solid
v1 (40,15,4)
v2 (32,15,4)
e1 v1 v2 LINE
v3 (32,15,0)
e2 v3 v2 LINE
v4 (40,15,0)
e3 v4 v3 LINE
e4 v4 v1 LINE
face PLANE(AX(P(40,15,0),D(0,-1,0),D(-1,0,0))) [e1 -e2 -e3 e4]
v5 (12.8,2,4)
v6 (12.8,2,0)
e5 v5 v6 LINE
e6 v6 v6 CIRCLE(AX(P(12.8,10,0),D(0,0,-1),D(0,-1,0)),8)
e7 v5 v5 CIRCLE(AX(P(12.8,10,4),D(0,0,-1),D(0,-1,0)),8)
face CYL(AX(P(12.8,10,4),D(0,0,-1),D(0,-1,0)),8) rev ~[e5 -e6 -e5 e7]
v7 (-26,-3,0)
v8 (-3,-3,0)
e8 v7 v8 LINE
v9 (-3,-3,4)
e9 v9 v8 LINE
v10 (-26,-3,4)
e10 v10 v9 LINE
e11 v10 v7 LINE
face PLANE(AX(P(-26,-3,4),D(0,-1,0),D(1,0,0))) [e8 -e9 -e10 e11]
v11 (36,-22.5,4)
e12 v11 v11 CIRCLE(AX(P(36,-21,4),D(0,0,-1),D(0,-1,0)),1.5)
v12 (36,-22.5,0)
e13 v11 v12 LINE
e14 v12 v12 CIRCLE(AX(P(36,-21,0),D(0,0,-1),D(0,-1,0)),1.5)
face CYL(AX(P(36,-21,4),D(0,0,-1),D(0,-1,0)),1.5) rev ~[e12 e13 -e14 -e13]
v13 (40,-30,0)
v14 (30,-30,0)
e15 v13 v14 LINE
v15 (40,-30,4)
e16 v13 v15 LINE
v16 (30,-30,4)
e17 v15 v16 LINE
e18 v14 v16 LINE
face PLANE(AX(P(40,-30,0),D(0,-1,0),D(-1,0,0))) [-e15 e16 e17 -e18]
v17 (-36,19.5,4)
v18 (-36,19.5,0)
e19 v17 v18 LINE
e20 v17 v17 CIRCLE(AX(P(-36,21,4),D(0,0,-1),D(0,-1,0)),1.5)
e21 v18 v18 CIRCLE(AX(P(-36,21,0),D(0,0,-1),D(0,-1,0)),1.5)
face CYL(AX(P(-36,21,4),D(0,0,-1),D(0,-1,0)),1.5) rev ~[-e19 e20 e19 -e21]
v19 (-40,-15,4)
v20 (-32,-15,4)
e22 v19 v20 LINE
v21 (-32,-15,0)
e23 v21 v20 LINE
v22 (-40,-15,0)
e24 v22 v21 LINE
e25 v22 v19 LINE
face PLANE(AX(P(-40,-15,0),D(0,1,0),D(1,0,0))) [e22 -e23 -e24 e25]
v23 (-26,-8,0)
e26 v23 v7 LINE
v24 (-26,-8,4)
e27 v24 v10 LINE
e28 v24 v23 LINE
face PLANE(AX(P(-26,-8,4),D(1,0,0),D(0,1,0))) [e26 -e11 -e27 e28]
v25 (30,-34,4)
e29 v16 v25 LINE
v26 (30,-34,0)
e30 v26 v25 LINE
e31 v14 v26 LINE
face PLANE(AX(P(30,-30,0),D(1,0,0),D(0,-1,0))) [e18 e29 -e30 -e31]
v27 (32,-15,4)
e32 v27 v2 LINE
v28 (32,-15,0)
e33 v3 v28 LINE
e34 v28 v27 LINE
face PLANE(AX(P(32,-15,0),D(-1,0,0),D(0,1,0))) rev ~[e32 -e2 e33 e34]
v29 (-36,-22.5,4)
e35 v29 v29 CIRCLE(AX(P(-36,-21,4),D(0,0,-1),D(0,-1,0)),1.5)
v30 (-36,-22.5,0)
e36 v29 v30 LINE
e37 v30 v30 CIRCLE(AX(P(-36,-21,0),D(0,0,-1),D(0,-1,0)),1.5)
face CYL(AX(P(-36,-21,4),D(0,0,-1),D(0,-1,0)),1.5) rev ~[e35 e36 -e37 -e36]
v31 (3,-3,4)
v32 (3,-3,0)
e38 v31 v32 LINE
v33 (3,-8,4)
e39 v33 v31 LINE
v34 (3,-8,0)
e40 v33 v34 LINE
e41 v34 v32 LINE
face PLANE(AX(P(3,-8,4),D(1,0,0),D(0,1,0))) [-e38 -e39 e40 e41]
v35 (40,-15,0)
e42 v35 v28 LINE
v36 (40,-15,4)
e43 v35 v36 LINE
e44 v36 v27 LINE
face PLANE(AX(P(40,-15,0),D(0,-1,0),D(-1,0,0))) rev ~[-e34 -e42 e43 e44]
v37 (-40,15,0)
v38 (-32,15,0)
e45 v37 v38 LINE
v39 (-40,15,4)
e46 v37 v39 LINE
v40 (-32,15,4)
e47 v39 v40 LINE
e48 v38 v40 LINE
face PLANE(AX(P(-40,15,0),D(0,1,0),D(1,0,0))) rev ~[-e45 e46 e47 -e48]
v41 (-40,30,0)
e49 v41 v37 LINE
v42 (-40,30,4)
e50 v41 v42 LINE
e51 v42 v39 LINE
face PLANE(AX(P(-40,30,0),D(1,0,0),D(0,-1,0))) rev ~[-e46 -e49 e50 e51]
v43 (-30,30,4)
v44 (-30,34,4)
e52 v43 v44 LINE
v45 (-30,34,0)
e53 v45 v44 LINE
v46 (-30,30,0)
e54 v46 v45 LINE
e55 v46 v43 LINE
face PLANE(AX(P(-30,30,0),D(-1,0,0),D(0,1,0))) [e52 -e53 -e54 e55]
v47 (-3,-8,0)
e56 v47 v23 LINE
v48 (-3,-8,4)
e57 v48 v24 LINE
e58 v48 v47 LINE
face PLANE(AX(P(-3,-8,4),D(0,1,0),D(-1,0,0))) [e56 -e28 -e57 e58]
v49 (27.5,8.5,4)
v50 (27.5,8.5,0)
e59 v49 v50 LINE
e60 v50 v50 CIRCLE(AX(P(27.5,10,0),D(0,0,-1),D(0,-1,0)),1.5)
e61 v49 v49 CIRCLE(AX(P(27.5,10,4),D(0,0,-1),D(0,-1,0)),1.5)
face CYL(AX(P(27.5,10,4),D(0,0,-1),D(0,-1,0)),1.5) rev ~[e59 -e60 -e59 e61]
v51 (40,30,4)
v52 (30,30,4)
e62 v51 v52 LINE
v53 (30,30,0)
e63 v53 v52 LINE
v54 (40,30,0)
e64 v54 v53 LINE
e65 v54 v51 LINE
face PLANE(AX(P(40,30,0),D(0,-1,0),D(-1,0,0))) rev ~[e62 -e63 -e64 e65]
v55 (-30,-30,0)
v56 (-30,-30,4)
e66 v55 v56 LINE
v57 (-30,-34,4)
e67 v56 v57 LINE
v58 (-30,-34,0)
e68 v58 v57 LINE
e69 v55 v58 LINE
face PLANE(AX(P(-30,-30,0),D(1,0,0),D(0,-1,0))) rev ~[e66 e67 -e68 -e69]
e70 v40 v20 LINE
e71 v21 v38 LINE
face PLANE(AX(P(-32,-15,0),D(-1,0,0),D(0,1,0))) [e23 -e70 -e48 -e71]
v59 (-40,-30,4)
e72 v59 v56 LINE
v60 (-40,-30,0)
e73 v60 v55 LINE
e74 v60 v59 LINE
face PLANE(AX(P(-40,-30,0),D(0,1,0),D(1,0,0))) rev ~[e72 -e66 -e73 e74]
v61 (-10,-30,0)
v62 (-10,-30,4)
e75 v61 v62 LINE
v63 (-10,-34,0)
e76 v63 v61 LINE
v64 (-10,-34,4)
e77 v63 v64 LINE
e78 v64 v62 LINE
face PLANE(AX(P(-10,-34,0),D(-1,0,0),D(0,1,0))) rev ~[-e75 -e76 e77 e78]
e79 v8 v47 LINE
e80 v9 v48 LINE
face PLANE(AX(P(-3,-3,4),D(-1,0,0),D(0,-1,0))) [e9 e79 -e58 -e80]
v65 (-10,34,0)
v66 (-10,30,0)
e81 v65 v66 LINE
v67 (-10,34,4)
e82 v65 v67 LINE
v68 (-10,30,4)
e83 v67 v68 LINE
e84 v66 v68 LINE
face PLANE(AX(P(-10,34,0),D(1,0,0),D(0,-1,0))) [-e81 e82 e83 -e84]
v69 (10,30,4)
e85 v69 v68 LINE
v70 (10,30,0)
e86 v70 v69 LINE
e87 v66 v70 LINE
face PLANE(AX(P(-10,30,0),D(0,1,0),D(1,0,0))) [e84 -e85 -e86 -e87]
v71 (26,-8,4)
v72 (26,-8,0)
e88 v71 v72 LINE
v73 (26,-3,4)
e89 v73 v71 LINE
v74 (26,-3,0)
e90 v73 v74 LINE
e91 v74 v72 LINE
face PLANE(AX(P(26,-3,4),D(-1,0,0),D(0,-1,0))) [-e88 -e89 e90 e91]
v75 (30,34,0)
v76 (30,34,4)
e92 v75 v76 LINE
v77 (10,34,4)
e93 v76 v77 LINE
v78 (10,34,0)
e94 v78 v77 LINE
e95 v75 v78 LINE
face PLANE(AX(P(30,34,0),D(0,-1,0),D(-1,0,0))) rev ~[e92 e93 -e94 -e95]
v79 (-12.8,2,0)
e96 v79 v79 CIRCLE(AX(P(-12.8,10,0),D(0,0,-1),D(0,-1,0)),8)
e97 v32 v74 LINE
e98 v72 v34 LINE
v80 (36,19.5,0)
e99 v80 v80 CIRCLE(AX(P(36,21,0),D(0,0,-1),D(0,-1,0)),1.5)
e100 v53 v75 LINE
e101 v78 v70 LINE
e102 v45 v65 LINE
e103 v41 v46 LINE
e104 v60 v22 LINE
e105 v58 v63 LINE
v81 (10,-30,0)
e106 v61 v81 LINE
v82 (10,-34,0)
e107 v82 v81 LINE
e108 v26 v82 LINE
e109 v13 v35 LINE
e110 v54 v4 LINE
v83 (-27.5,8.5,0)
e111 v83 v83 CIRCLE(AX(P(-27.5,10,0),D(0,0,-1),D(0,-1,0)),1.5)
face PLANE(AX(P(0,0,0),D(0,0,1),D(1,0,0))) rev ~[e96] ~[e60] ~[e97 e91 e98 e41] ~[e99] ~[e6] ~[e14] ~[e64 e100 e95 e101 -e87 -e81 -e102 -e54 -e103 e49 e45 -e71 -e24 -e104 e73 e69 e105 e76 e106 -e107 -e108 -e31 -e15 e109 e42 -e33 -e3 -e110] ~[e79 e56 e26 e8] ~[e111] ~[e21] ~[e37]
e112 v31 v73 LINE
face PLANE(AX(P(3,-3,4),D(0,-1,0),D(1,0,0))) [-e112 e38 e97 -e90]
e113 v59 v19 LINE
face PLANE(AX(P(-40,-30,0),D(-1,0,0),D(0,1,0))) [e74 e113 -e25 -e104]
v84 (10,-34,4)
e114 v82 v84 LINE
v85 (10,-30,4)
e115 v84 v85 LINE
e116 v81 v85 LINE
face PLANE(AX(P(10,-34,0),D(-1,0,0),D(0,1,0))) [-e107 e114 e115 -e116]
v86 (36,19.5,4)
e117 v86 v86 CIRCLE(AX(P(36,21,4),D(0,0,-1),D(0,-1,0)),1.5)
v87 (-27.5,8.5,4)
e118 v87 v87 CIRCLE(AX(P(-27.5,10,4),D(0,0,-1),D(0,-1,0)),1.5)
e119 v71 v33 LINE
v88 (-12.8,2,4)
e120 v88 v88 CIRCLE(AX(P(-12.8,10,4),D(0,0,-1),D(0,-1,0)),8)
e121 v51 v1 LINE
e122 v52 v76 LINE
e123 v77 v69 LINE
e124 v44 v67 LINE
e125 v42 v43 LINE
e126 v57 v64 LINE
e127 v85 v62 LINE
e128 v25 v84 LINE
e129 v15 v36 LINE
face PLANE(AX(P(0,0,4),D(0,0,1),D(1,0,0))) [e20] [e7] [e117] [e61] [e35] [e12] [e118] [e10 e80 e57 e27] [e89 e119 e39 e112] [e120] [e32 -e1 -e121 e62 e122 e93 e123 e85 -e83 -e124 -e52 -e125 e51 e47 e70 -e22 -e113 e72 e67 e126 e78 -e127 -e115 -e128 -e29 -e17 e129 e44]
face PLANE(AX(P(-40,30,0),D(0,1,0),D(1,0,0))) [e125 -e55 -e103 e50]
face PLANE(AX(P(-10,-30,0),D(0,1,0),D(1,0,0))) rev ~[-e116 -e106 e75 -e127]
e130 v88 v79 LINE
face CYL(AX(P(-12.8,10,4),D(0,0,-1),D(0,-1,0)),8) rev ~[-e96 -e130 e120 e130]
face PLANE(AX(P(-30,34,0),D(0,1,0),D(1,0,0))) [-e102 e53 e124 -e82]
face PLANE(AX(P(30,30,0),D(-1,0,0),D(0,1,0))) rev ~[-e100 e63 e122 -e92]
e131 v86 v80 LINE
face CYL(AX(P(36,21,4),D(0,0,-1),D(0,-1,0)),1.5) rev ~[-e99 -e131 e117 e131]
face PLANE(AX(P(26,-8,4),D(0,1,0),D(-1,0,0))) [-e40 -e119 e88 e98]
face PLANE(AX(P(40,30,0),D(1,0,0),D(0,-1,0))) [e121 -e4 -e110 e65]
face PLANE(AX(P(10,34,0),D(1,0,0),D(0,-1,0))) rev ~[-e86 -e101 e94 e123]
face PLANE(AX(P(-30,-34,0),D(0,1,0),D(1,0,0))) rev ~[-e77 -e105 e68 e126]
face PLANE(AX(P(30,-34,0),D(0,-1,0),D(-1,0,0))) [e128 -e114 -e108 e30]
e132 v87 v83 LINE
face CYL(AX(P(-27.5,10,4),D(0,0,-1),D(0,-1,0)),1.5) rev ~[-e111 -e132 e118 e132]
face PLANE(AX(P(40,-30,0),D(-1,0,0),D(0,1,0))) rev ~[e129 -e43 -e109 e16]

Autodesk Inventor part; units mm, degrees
ref_plane "YZ Plane" through (0, 0, 0) normal (1, 0, 0) x (0, 1, 0)
ref_plane "XZ Plane" through (0, 0, 0) normal (0, 1, 0) x (-1, 0, 0)
ref_plane "XY Plane" through (0, 0, 0) normal (0, 0, 1) x (1, 0, 0)
sketch "Эскиз1" plane through (0, 0, 0) normal (0, 0, 1) x (1, 0, 0)
  line L0 (0, 0) -> (-40, 0)
  line L1 (-40, -30) -> (-30, -30)
  line L2 (-30, -30) -> (-30, -34)
  line L3 (-30, -34) -> (-10, -34)
  line L4 (-10, -34) -> (-10, -30)
  line L5 (-10, -30) -> (0, -30)
  line L6 (-40, -30) -> (-40, -15)
  line L7 (-40, -15) -> (-32, -15)
  line L8 (-32, -15) -> (-32, 0)
  line L9 (-40, 30) -> (-30, 30)
  line L10 (-30, 30) -> (-30, 34)
  line L11 (-30, 34) -> (-10, 34)
  line L12 (-10, 34) -> (-10, 30)
  line L13 (-10, 30) -> (0, 30)
  line L14 (-40, 30) -> (-40, 15)
  line L15 (-40, 15) -> (-32, 15)
  line L16 (-32, 15) -> (-32, 0)
  line L17 (0, 30) -> (0, -30)
  line L18 (0, 0) -> (40, 0)
  line L19 (40, -30) -> (30, -30)
  line L20 (30, -30) -> (30, -34)
  line L21 (30, -34) -> (10, -34)
  line L22 (10, -34) -> (10, -30)
  line L23 (10, -30) -> (0, -30)
  line L24 (40, -30) -> (40, -15)
  line L25 (40, -15) -> (32, -15)
  line L26 (32, -15) -> (32, 0)
  line L27 (40, 30) -> (30, 30)
  line L28 (30, 30) -> (30, 34)
  line L29 (30, 34) -> (10, 34)
  line L30 (10, 34) -> (10, 30)
  line L31 (10, 30) -> (0, 30)
  line L32 (40, 30) -> (40, 15)
  line L33 (40, 15) -> (32, 15)
  line L34 (32, 15) -> (32, 0)
  dimension "d0" = 4
  dimension "d1" = 60
  dimension "d3" = 20
  dimension "d6" = 15
  dimension "d8" = 15
  dimension "d9" = 10
  dimension "d11" = 20
  dimension "d14" = 8
extrude "Выдавливание1" add sketch "Эскиз1" along normal blind 4
sketch "Эскиз2" plane through (0, 0, 4) normal (0, 0, 1) x (1, 0, 0)
  line L0 (10, 30) -> (-10, 30) projected
  line L1 (0, 30) -> (0, -30)
  line L2 (-10, -30) -> (10, -30) projected
  line L3 (-32, 15) -> (-32, -15) projected
  line L4 (-32, 0) -> (32, 0)
  line L5 (32, -15) -> (32, 15) projected
  line L6 (-40, 15) -> (-32, 15) projected
  line L7 (-30, 30) -> (-40, 30) projected
  line L8 (-40, 30) -> (-40, 15) projected
  point P0 (0, 0)
  point P1 (-36, -21)
  point P2 (36, -21)
  point P3 (-36, 21)
  point P4 (36, 21)
  point P5 (-36, 15)
  point P6 (-40, 22.5)
  dimension "d23" = 9
hole "Отверстие1" at (-36, -21, 4) at (36, -21, 4) at (-36, 21, 4) at (36, 21, 4) direction (0, 0, -1) diameter 3 end through all
sketch "Эскиз3" plane through (0, 0, 4) normal (0, 0, 1) x (1, 0, 0)
  line L0 (0, 0) -> (0, 30)
  line L1 (10, 30) -> (-10, 30) projected
  point P0 (-12.8, 10)
  point P1 (12.8, 10)
  dimension "d31" = 25.6
  dimension "d32" = 10
hole "Отверстие2" at (-12.8, 10, 4) at (12.8, 10, 4) direction (0, 0, -1) diameter 16 end through all
sketch "Эскиз4" plane through (0, 0, 4) normal (0, 0, 1) x (1, 0, 0)
  circle A0 centre (-12.8, 10) radius 8 projected
  line L0 (-10, -30) -> (10, -30) projected
  line L1 (0, -30) -> (0, 30)
  line L2 (10, 30) -> (-10, 30) projected
  point P0 (0, 0)
  point P1 (-27.5, 10)
  point P2 (27.5, 10)
  dimension "d40" = 55
hole "Отверстие3" at (-27.5, 10, 4) at (27.5, 10, 4) direction (0, 0, -1) diameter 3 end through all
sketch "Эскиз5" plane through (0, 0, 4) normal (0, 0, 1) x (1, 0, 0)
  line L0 (-26, -3) -> (-3, -3)
  line L1 (-3, -3) -> (-3, -8)
  line L2 (-3, -8) -> (-26, -8)
  line L3 (-26, -8) -> (-26, -3)
  line L4 (3, -3) -> (26, -3)
  line L5 (26, -3) -> (26, -8)
  line L6 (26, -8) -> (3, -8)
  line L7 (3, -8) -> (3, -3)
  line L8 (-10, -30) -> (10, -30) projected
  line L9 (0, -30) -> (0, 30)
  line L10 (10, 30) -> (-10, 30) projected
  line L11 (32, -15) -> (32, 15) projected
  point P0 (0, 0)
  point P1 (3, -5.5)
  point P2 (-3, -5.5)
  dimension "d42" = 23
  dimension "d43" = 22
  dimension "d44" = 5
  dimension "d45" = 6
extrude "Выдавливание2" cut sketch "Эскиз5" against normal through all
properties part number "top" material "Дерево (береза)"
